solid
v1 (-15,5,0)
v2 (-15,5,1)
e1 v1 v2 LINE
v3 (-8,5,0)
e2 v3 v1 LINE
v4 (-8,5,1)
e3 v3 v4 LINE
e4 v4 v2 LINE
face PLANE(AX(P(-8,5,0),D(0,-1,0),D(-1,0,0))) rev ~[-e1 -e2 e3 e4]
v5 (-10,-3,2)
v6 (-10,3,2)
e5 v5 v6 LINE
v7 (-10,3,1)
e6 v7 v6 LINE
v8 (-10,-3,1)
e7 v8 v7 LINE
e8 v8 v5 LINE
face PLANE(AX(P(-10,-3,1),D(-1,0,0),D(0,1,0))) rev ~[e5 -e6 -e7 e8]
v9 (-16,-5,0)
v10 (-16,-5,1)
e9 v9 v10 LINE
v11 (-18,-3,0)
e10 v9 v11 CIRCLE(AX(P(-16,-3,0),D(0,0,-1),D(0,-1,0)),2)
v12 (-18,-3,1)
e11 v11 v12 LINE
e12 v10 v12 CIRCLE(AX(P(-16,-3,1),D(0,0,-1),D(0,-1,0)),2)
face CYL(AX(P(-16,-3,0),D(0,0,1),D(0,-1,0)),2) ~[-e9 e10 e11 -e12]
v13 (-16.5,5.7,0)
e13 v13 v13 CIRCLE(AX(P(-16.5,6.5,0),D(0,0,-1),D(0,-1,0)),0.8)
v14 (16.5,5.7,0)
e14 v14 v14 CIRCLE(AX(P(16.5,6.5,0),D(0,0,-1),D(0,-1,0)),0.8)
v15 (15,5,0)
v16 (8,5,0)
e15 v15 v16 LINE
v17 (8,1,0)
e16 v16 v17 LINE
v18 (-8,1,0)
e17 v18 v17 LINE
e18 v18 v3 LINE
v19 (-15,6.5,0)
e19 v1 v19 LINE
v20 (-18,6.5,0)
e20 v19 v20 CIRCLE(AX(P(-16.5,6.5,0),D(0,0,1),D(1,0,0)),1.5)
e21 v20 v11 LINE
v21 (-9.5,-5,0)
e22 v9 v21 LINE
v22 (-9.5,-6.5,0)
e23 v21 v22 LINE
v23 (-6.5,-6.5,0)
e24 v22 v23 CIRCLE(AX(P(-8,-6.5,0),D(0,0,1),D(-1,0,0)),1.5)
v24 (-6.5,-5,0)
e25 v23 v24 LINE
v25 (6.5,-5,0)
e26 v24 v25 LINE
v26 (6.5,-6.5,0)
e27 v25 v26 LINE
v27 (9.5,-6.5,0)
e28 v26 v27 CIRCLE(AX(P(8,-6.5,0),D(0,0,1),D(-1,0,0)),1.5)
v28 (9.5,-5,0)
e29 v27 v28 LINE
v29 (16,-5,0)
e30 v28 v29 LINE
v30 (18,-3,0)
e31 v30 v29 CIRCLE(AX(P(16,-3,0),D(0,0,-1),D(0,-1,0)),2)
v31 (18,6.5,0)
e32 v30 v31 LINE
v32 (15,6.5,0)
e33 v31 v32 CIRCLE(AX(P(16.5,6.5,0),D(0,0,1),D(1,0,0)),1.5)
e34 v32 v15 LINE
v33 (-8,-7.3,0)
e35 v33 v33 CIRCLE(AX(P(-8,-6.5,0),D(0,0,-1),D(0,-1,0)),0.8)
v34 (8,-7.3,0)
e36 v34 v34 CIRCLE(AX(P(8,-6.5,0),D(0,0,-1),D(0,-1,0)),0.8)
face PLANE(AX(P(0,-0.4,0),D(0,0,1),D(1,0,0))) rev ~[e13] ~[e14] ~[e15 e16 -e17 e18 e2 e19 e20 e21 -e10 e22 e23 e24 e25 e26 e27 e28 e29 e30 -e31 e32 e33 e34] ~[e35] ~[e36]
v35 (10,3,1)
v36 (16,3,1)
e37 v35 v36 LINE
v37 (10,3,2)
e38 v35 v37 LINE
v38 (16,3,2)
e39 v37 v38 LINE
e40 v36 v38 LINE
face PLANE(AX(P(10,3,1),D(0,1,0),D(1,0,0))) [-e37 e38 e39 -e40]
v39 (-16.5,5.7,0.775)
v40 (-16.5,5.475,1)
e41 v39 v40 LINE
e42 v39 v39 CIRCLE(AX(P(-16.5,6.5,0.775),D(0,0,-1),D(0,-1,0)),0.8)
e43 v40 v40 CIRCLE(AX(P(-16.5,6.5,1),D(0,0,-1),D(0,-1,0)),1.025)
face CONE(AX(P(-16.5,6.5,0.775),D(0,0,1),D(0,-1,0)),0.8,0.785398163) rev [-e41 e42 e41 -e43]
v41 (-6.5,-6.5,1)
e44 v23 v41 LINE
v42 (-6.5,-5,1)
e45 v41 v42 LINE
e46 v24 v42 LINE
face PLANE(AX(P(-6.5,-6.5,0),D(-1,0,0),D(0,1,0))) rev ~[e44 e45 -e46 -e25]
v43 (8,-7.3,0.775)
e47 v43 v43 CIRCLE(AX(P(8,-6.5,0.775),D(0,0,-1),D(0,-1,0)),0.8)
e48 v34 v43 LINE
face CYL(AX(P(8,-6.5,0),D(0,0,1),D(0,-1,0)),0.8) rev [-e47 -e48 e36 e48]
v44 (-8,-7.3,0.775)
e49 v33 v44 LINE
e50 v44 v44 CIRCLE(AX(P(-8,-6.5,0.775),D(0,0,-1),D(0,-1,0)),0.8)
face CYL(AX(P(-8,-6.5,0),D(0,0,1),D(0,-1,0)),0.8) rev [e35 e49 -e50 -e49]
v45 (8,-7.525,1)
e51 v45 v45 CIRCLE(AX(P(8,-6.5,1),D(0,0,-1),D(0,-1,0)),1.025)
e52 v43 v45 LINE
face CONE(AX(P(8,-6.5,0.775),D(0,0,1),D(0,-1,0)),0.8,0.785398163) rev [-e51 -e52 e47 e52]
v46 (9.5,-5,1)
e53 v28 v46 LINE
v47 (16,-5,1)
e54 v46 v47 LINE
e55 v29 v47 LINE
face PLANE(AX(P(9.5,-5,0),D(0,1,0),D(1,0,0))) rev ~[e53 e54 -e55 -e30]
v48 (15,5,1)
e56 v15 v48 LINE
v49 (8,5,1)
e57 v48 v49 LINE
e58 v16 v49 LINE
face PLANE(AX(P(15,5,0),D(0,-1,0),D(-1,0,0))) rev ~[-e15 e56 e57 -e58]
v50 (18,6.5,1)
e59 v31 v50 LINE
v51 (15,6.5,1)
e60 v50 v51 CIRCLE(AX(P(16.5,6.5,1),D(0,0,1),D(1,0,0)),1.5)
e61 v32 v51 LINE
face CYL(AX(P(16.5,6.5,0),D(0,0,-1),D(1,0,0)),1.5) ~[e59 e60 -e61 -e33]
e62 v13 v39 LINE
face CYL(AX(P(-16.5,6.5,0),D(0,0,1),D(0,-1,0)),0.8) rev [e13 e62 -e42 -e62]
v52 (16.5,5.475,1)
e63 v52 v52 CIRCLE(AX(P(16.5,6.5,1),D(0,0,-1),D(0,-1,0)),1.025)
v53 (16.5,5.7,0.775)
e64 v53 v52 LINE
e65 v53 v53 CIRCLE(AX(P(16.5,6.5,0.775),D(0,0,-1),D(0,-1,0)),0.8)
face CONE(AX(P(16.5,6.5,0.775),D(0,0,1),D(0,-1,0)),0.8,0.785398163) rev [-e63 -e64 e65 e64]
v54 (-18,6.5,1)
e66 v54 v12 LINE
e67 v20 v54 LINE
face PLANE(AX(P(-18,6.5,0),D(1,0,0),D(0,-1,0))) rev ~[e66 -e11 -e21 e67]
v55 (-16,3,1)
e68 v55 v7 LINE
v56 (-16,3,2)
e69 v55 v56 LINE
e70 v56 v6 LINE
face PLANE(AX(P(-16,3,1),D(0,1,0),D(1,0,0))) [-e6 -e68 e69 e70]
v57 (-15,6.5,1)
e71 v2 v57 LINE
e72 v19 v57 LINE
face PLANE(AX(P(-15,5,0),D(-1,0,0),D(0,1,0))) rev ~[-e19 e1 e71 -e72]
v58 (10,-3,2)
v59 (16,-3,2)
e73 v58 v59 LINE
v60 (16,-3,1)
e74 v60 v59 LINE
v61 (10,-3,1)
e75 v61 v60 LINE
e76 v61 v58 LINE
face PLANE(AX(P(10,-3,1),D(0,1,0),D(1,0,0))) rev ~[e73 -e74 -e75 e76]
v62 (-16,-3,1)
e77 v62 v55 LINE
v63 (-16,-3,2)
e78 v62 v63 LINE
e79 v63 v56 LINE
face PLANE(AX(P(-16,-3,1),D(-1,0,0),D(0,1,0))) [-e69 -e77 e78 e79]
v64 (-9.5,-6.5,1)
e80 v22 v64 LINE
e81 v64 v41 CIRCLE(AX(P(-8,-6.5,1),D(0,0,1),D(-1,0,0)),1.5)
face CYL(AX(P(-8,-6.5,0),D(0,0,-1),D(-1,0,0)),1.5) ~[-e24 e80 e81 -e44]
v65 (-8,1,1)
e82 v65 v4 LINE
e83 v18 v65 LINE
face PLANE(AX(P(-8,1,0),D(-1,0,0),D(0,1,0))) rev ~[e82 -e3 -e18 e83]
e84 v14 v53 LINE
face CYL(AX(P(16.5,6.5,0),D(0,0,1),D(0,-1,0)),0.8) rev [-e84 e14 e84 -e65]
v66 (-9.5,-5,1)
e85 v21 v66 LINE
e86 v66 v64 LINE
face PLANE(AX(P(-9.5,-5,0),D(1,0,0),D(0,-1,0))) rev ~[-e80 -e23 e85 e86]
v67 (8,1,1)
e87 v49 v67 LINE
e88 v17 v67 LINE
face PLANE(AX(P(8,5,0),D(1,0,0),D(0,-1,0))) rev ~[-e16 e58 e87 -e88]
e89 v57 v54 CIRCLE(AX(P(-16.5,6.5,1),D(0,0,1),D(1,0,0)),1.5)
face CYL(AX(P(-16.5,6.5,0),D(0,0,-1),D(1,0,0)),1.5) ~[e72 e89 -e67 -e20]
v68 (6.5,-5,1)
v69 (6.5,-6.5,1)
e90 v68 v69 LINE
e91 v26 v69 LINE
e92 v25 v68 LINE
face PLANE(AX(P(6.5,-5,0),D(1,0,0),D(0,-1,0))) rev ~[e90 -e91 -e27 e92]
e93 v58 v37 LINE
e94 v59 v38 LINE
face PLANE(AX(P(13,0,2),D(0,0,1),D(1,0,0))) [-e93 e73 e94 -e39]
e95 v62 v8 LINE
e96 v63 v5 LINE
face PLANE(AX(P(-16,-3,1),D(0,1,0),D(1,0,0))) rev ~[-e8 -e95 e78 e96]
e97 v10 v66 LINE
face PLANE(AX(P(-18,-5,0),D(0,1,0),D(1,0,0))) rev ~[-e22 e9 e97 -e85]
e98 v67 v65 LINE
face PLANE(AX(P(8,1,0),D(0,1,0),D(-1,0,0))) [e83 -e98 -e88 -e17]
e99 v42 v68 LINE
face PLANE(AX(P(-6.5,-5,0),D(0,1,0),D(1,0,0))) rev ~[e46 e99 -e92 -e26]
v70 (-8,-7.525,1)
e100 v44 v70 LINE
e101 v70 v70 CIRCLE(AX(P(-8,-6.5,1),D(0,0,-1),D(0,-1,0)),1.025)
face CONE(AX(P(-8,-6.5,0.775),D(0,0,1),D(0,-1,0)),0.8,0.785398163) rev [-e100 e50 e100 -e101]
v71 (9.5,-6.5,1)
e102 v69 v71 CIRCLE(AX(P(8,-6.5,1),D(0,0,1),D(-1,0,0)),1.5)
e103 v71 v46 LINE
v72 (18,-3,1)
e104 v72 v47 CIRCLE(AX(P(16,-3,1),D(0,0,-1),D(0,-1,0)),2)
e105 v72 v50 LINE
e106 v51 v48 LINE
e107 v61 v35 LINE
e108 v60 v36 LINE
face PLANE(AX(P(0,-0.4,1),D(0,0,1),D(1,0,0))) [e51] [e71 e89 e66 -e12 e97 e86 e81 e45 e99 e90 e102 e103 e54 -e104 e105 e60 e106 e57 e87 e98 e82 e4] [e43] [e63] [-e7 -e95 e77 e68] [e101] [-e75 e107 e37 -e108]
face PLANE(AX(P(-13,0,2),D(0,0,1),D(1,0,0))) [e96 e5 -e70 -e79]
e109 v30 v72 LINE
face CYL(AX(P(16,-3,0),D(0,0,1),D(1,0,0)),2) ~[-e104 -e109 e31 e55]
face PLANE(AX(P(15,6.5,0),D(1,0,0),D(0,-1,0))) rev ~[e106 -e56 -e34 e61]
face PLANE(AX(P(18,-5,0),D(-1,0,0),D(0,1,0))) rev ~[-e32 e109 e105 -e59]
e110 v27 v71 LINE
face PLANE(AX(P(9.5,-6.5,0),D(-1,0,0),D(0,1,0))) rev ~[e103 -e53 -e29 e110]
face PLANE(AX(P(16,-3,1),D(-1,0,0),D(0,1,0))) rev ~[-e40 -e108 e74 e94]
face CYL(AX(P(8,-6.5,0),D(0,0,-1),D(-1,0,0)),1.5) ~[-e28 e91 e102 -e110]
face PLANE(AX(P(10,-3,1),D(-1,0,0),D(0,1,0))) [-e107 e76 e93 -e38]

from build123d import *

# Parameters (mm, degrees)
EXTRUDE_1_DEPTH             = 1
SKETCH_2_W                  = 6
SKETCH_2_H                  = 6
EXTRUDE_2_DEPTH             = 1
SKETCH_3_W                  = 20
SKETCH_3_H                  = 1
EXTRUDE_3_DEPTH             = 1.5
FILLET_1_R                  = 2
HOLE_WIZARD_M2_1_AT_2_COUNT = 2
HOLE_WIZARD_M2_1_AT_2_PITCH = 15.532224567
HOLE_WIZARD_M2_1_AT_3_COUNT = 2
HOLE_WIZARD_M2_1_AT_3_PITCH = 27.735356497
HOLE_WIZARD_M2_1_AT_4_COUNT = 2
HOLE_WIZARD_M2_1_AT_4_PITCH = 33
CUT_EXTRUDE_1_DEPTH         = 37.932370625


with BuildPart() as part:
    # 草图1 → 凸台-拉伸1 (new body)
    with BuildSketch(Plane.XY):
        Polygon((-8, 5), (-15, 5), (-16.499999995, 5), (-18, 5), (-18, -5), (-9.5, -5), (-8.000000003, -5), (-6.5, -5), (6.5, -5), (8, -5), (9.5, -5), (18, -5), (18, 5), (16.500000001, 5), (15, 5), (8, 5), (8, 1), (-8, 1), align=None)
        with BuildLine():
            ThreePointArc((-6.5, -6.5), (-6.939339829, -5.439339827), (-8.000000003, -5))
            ThreePointArc((-8.000000003, -5), (-9.060660173, -5.439339829), (-9.5, -6.5))
            Line((-9.5, -6.5), (-6.5, -6.5))
        make_face()
        with BuildLine():
            Line((-6.5, -6.5), (-9.5, -6.5))
            ThreePointArc((-9.5, -6.5), (-8, -8), (-6.5, -6.5))
        make_face()
        with BuildLine():
            Line((-8.000000003, -5), (-9.5, -5))
            Line((-9.5, -5), (-9.5, -6.5))
            ThreePointArc((-9.5, -6.5), (-9.060660173, -5.439339829), (-8.000000003, -5))
        make_face()
        with BuildLine():
            Line((-6.5, -5), (-8.000000003, -5))
            ThreePointArc((-8.000000003, -5), (-6.939339829, -5.439339827), (-6.5, -6.5))
            Line((-6.5, -6.5), (-6.5, -5))
        make_face()
        with BuildLine():
            ThreePointArc((9.5, -6.5), (9.060660172, -5.439339828), (8, -5))
            ThreePointArc((8, -5), (6.939339828, -5.439339828), (6.5, -6.5))
            Line((6.5, -6.5), (9.5, -6.5))
        make_face()
        with BuildLine():
            ThreePointArc((6.5, -6.5), (8, -8), (9.5, -6.5))
            Line((9.5, -6.5), (6.5, -6.5))
        make_face()
        with BuildLine():
            Line((8, -5), (6.5, -5))
            Line((6.5, -5), (6.5, -6.5))
            ThreePointArc((6.5, -6.5), (6.939339828, -5.439339828), (8, -5))
        make_face()
        with BuildLine():
            Line((9.5, -6.5), (9.5, -5))
            Line((9.5, -5), (8, -5))
            ThreePointArc((8, -5), (9.060660172, -5.439339828), (9.5, -6.5))
        make_face()
        with BuildLine():
            Line((-18, 5), (-16.499999995, 5))
            ThreePointArc((-16.499999995, 5), (-17.56066017, 5.439339826), (-18, 6.5))
            Line((-18, 6.5), (-18, 5))
        make_face()
        with BuildLine():
            ThreePointArc((-18, 6.5), (-17.56066017, 5.439339826), (-16.499999995, 5))
            ThreePointArc((-16.499999995, 5), (-15.439339826, 5.43933983), (-15, 6.5))
            Line((-15, 6.5), (-18, 6.5))
        make_face()
        with BuildLine():
            Line((-18, 6.5), (-15, 6.5))
            ThreePointArc((-15, 6.5), (-16.5, 8), (-18, 6.5))
        make_face()
        with BuildLine():
            Line((-16.499999995, 5), (-15, 5))
            Line((-15, 5), (-15, 6.5))
            ThreePointArc((-15, 6.5), (-15.439339826, 5.43933983), (-16.499999995, 5))
        make_face()
        with BuildLine():
            Line((15, 6.5), (15, 5))
            Line((15, 5), (16.500000001, 5))
            ThreePointArc((16.500000001, 5), (15.439339829, 5.439339828), (15, 6.5))
        make_face()
        with BuildLine():
            ThreePointArc((15, 6.5), (15.439339829, 5.439339828), (16.500000001, 5))
            ThreePointArc((16.500000001, 5), (17.560660172, 5.439339829), (18, 6.5))
            Line((18, 6.5), (15, 6.5))
        make_face()
        with BuildLine():
            ThreePointArc((18, 6.5), (16.5, 8), (15, 6.5))
            Line((15, 6.5), (18, 6.5))
        make_face()
        with BuildLine():
            ThreePointArc((18, 6.5), (17.560660172, 5.439339829), (16.500000001, 5))
            Line((16.500000001, 5), (18, 5))
            Line((18, 5), (18, 6.5))
        make_face()
    extrude(amount=EXTRUDE_1_DEPTH)

    # 草图2 → 凸台-拉伸2 (add)
    with BuildSketch(Plane.XY.offset(1)):
        with Locations((-13, 0)):
            Rectangle(SKETCH_2_W, SKETCH_2_H)
        with Locations((13, 0)):
            Rectangle(SKETCH_2_W, SKETCH_2_H)
    extrude(amount=EXTRUDE_2_DEPTH)

    # 草图3 → 凸台-拉伸3 (add)
    with BuildSketch(Plane(origin=(0, 0, 0), x_dir=(-1, 0, 0), z_dir=(0, 0, -1))):
        with Locations((2, 0.5)):
            Rectangle(SKETCH_3_W, SKETCH_3_H)
    extrude(amount=EXTRUDE_3_DEPTH)

    # 圆角1
    fillet_1_edges = [part.edges().sort_by_distance(p)[0] for p in [
        (18, -5, 0.5),
        (-18, -5, 0.5),
    ]]
    fillet(fillet_1_edges, radius=FILLET_1_R)

    # 草图5 → M2 螺纹孔1 (revolve, cut)
    with BuildSketch(Plane(origin=(-16.5, 6.5, 1), x_dir=(0, -1, 0), z_dir=(1, 0, 0))):
        Polygon((0, 0), (0, 1), (0.8, 1), (0.8, 0.225), (1.025, 0), align=None)
    hole_wizard_m2_1 = revolve(axis=Axis((-16.5, 6.5, 7.35), (0, 0, -1)), mode=Mode.SUBTRACT)

    # M2 螺纹孔1 at 2: M2 螺纹孔1 ×2
    with Locations(*[Vector(0.5472493629827028, -0.8369696139735456, 0) * (i * HOLE_WIZARD_M2_1_AT_2_PITCH) for i in range(1, HOLE_WIZARD_M2_1_AT_2_COUNT)]):
        add(hole_wizard_m2_1, mode=Mode.SUBTRACT)

    # M2 螺纹孔1 at 3: M2 螺纹孔1 ×2
    with Locations(*[Vector(0.8833490206949295, -0.46871580689935033, 0) * (i * HOLE_WIZARD_M2_1_AT_3_PITCH) for i in range(1, HOLE_WIZARD_M2_1_AT_3_COUNT)]):
        add(hole_wizard_m2_1, mode=Mode.SUBTRACT)

    # M2 螺纹孔1 at 4: M2 螺纹孔1 ×2
    with Locations(*[(i * HOLE_WIZARD_M2_1_AT_4_PITCH, 0, 0) for i in range(1, HOLE_WIZARD_M2_1_AT_4_COUNT)]):
        add(hole_wizard_m2_1, mode=Mode.SUBTRACT)

    # 草图7 → 切除-拉伸1 (cut, through all)
    with BuildSketch(Plane.ZY.offset(18)):
        Polygon((0, 52.66451622), (0, 8.533671193), (0, -8.947821263), (0, -53.078666291), (-88.261690055, -53.078666291), (-88.261690055, 52.66451622), align=None)
    extrude(amount=-CUT_EXTRUDE_1_DEPTH, mode=Mode.SUBTRACT)


solid = part.part
